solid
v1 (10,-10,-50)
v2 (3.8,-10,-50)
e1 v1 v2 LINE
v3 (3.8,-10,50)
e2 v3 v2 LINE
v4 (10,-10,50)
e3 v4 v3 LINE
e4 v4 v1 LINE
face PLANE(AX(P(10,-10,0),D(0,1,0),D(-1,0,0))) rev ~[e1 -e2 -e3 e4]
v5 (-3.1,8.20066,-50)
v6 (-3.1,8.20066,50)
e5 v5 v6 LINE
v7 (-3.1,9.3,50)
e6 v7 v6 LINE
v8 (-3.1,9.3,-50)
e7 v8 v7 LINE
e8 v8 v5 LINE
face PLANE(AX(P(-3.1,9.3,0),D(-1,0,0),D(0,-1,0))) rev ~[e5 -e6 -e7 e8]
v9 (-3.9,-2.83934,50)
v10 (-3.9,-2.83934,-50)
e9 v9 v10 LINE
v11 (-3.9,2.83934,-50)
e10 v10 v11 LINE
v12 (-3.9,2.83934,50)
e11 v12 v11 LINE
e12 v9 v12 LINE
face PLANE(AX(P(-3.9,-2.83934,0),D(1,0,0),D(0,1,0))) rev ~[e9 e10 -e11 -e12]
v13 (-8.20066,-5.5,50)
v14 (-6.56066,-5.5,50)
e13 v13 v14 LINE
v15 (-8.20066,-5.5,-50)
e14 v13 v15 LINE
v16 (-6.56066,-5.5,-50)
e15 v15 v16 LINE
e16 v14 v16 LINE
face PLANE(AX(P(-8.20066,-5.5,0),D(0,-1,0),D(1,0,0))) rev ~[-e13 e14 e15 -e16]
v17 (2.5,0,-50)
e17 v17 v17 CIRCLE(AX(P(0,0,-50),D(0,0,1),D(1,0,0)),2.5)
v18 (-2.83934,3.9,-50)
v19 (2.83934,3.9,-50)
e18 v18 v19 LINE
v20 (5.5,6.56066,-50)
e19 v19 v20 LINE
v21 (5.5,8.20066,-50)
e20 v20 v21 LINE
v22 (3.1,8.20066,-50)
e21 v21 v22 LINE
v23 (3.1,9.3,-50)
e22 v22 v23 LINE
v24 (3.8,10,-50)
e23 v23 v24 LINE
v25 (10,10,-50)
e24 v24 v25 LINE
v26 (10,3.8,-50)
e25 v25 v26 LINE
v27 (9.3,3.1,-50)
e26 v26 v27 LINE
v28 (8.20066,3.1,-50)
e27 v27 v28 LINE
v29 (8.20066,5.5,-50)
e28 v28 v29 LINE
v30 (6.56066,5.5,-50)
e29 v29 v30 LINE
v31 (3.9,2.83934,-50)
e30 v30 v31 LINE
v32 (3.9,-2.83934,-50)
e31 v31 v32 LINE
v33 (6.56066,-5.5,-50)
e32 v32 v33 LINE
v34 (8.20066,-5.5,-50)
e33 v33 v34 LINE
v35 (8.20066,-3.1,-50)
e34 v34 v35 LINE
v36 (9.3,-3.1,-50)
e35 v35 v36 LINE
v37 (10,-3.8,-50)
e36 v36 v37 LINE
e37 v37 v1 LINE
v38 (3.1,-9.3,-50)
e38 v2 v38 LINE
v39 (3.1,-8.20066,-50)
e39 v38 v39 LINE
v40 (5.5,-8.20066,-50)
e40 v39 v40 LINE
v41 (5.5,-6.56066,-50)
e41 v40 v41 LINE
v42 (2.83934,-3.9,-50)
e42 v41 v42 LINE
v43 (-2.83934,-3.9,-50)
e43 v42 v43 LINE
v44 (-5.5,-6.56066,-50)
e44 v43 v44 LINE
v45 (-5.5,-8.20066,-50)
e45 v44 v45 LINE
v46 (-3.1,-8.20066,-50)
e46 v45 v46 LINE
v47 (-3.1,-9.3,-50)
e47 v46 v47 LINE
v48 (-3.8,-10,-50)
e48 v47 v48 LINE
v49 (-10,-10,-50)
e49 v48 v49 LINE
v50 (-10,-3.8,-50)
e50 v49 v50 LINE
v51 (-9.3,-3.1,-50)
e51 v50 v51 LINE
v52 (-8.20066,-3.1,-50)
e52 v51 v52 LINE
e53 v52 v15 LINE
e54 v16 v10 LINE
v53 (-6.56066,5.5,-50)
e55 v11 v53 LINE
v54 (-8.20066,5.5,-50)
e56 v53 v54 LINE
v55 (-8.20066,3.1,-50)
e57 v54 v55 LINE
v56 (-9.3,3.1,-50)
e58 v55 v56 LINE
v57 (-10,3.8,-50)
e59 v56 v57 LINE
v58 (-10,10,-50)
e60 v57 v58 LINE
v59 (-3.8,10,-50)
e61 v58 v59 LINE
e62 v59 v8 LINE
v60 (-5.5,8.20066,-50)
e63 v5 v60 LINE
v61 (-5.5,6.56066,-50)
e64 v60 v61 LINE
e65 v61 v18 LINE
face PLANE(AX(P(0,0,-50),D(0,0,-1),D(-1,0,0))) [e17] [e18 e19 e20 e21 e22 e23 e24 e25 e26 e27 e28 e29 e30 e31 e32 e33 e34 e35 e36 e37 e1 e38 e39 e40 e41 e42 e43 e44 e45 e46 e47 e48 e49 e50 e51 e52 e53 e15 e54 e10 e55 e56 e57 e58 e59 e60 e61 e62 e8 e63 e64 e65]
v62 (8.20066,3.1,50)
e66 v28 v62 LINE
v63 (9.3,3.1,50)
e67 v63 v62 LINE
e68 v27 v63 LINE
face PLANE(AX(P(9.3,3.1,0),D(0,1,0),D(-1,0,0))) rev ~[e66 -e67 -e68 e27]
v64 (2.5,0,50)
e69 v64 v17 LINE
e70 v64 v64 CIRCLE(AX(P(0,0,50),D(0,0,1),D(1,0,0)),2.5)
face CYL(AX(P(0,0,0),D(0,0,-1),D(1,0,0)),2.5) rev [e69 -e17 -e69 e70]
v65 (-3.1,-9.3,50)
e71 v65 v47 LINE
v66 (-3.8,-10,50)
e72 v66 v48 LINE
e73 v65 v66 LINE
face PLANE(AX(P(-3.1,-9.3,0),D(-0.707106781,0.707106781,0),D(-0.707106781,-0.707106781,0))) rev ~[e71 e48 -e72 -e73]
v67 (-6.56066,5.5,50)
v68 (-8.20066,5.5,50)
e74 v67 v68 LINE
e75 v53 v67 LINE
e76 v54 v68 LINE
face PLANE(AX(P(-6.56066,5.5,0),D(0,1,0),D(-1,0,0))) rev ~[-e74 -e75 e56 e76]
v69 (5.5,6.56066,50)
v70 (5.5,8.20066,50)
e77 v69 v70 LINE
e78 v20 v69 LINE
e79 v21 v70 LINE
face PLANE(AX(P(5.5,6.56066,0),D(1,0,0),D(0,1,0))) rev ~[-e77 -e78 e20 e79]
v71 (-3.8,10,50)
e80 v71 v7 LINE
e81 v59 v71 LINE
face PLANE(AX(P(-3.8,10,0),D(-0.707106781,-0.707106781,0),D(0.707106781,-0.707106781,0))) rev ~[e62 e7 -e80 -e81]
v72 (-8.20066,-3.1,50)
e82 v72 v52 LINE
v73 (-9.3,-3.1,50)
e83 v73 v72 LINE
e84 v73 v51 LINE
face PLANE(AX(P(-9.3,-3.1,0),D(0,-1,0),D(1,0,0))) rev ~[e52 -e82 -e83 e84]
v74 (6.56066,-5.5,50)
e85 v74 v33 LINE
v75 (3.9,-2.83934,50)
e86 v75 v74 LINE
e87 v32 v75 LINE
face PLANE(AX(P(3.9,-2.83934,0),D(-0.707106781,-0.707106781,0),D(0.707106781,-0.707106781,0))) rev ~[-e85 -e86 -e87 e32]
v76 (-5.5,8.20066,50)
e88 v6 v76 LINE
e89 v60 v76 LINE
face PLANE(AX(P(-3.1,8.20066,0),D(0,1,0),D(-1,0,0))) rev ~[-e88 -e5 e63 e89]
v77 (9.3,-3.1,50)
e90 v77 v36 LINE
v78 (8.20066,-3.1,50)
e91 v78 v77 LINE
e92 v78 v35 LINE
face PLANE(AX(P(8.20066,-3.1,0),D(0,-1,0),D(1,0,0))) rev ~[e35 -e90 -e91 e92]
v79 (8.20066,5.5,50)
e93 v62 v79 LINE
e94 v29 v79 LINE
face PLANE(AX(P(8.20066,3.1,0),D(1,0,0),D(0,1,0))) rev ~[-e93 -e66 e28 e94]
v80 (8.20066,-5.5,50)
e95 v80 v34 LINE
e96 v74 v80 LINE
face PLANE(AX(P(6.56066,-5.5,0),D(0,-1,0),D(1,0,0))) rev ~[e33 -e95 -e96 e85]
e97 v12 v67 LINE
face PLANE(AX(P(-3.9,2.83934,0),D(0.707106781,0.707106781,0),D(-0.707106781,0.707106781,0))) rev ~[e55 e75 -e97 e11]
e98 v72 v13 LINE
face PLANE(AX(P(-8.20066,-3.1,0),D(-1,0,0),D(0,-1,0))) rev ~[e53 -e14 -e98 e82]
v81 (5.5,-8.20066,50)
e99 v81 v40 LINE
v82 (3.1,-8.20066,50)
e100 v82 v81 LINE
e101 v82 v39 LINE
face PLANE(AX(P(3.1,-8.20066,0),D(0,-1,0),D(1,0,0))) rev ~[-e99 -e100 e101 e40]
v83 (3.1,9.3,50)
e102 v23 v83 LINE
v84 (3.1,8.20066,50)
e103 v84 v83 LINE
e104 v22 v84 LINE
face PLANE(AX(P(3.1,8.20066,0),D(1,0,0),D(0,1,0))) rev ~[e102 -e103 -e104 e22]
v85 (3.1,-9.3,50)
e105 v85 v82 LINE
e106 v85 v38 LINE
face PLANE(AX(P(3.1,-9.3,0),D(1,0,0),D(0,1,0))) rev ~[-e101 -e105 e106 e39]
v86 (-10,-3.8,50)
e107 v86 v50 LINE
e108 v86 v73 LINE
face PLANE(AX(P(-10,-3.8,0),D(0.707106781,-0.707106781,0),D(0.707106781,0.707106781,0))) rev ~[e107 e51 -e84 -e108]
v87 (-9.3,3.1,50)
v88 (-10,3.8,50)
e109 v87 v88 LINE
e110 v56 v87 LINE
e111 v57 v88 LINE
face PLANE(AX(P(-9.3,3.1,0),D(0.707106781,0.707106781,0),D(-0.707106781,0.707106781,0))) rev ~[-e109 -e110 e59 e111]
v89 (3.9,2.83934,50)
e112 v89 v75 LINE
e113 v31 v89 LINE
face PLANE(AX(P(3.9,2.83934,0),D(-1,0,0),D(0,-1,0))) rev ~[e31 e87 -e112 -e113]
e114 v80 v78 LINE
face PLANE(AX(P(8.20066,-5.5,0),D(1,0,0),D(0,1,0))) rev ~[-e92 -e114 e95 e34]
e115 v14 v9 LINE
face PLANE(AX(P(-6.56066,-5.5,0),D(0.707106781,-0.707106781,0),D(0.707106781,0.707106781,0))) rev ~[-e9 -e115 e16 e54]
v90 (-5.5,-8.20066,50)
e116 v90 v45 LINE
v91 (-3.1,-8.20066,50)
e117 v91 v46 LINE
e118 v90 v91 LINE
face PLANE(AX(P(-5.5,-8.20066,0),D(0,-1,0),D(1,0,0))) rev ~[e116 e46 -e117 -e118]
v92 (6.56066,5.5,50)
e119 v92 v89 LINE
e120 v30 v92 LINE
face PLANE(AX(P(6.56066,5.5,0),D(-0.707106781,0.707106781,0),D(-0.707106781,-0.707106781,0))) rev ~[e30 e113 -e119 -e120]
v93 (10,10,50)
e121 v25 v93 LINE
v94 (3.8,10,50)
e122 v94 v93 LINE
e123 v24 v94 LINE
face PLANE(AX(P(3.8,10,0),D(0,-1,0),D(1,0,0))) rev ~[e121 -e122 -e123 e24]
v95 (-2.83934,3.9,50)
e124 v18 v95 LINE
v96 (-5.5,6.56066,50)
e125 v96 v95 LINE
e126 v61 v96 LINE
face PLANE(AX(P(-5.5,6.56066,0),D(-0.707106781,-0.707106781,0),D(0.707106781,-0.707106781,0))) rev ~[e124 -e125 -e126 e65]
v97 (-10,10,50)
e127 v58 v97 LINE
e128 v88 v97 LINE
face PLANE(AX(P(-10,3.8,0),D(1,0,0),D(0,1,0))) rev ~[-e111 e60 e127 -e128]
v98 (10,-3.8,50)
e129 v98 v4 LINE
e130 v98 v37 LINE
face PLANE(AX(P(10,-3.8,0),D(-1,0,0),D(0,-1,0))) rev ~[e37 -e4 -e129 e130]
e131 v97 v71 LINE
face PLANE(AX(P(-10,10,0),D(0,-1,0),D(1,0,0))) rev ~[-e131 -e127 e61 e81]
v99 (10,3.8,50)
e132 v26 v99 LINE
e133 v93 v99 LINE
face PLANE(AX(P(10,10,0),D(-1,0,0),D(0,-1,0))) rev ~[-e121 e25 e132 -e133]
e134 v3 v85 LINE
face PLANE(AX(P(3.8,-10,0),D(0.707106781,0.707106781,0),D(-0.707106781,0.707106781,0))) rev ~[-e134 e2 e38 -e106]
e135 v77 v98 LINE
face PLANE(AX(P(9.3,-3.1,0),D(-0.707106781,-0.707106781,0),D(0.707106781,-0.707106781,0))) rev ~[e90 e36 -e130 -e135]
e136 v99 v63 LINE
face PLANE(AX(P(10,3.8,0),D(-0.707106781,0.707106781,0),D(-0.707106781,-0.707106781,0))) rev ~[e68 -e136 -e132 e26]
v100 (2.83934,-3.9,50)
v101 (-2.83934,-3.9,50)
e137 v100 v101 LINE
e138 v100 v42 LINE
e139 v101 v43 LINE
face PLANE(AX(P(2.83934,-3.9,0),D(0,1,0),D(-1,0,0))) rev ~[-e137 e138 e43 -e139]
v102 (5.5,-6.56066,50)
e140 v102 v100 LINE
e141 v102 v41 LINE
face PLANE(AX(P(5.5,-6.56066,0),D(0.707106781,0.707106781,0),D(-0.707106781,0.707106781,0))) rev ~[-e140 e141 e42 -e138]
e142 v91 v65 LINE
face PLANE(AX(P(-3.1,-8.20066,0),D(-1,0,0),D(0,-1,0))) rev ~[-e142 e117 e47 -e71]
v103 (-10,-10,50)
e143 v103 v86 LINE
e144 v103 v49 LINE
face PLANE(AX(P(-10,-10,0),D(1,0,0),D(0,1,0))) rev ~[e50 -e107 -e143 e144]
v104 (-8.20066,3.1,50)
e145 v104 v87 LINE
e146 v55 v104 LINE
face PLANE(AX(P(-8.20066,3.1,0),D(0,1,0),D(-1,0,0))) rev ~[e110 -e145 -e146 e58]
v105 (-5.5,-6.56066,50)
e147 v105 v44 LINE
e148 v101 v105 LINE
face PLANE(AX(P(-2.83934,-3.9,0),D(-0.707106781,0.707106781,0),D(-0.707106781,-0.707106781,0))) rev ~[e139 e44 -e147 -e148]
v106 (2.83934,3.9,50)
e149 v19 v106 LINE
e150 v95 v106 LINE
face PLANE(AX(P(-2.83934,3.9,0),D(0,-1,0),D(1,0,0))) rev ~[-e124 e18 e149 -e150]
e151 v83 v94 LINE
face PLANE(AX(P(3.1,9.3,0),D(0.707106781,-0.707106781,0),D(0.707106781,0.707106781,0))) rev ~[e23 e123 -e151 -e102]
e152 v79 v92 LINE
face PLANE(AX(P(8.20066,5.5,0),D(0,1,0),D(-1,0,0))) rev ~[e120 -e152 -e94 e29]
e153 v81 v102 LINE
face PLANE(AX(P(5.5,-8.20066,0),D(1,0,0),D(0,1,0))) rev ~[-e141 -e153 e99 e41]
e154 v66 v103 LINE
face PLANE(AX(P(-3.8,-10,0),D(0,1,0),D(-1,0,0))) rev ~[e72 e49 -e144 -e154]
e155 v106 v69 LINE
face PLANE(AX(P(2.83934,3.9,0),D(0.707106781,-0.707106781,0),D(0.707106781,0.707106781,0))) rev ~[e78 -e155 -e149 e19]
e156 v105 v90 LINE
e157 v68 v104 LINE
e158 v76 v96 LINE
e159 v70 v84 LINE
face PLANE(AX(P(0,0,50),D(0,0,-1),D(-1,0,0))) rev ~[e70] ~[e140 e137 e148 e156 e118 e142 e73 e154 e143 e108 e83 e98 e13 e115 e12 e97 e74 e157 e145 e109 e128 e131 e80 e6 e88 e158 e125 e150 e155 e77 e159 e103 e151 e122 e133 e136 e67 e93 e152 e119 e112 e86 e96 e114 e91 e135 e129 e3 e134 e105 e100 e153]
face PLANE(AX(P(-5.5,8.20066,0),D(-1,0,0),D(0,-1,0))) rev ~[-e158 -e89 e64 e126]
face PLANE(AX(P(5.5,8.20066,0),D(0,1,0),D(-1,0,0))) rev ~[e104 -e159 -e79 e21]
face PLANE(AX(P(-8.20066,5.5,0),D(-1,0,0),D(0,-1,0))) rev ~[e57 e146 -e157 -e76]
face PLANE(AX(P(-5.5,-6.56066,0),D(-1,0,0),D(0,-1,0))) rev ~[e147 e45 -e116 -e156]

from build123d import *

# Parameters (mm, degrees)
SKETCH1_R           = 2.5
BOSS_EXTRUDE1_DEPTH = 50


with BuildPart() as part:
    # Sketch1 → Boss-Extrude1 (new, symmetric)
    with BuildSketch(Plane.XY):
        Polygon((3.9, -2.839339828), (6.560660172, -5.5), (8.200660172, -5.5), (8.200660172, -3.1), (9.3, -3.1), (10, -3.8), (10, -10), (3.8, -10), (3.1, -9.3), (3.1, -8.200660172), (5.5, -8.200660172), (5.5, -6.560660172), (2.839339828, -3.9), (-2.839339828, -3.9), (-5.5, -6.560660172), (-5.5, -8.200660172), (-3.1, -8.200660172), (-3.1, -9.3), (-3.8, -10), (-10, -10), (-10, -3.8), (-9.3, -3.1), (-8.200660172, -3.1), (-8.200660172, -5.5), (-6.560660172, -5.5), (-3.9, -2.839339828), (-3.9, 2.839339828), (-6.560660172, 5.5), (-8.200660172, 5.5), (-8.200660172, 3.1), (-9.3, 3.1), (-10, 3.8), (-10, 10), (-3.8, 10), (-3.1, 9.3), (-3.1, 8.200660172), (-5.5, 8.200660172), (-5.5, 6.560660172), (-2.839339828, 3.9), (2.839339828, 3.9), (5.5, 6.560660172), (5.5, 8.200660172), (3.1, 8.200660172), (3.1, 9.3), (3.8, 10), (10, 10), (10, 3.8), (9.3, 3.1), (8.200660172, 3.1), (8.200660172, 5.5), (6.560660172, 5.5), (3.9, 2.839339828), align=None)
        Circle(SKETCH1_R, mode=Mode.SUBTRACT)
    extrude(amount=BOSS_EXTRUDE1_DEPTH, both=True)


solid = part.part
